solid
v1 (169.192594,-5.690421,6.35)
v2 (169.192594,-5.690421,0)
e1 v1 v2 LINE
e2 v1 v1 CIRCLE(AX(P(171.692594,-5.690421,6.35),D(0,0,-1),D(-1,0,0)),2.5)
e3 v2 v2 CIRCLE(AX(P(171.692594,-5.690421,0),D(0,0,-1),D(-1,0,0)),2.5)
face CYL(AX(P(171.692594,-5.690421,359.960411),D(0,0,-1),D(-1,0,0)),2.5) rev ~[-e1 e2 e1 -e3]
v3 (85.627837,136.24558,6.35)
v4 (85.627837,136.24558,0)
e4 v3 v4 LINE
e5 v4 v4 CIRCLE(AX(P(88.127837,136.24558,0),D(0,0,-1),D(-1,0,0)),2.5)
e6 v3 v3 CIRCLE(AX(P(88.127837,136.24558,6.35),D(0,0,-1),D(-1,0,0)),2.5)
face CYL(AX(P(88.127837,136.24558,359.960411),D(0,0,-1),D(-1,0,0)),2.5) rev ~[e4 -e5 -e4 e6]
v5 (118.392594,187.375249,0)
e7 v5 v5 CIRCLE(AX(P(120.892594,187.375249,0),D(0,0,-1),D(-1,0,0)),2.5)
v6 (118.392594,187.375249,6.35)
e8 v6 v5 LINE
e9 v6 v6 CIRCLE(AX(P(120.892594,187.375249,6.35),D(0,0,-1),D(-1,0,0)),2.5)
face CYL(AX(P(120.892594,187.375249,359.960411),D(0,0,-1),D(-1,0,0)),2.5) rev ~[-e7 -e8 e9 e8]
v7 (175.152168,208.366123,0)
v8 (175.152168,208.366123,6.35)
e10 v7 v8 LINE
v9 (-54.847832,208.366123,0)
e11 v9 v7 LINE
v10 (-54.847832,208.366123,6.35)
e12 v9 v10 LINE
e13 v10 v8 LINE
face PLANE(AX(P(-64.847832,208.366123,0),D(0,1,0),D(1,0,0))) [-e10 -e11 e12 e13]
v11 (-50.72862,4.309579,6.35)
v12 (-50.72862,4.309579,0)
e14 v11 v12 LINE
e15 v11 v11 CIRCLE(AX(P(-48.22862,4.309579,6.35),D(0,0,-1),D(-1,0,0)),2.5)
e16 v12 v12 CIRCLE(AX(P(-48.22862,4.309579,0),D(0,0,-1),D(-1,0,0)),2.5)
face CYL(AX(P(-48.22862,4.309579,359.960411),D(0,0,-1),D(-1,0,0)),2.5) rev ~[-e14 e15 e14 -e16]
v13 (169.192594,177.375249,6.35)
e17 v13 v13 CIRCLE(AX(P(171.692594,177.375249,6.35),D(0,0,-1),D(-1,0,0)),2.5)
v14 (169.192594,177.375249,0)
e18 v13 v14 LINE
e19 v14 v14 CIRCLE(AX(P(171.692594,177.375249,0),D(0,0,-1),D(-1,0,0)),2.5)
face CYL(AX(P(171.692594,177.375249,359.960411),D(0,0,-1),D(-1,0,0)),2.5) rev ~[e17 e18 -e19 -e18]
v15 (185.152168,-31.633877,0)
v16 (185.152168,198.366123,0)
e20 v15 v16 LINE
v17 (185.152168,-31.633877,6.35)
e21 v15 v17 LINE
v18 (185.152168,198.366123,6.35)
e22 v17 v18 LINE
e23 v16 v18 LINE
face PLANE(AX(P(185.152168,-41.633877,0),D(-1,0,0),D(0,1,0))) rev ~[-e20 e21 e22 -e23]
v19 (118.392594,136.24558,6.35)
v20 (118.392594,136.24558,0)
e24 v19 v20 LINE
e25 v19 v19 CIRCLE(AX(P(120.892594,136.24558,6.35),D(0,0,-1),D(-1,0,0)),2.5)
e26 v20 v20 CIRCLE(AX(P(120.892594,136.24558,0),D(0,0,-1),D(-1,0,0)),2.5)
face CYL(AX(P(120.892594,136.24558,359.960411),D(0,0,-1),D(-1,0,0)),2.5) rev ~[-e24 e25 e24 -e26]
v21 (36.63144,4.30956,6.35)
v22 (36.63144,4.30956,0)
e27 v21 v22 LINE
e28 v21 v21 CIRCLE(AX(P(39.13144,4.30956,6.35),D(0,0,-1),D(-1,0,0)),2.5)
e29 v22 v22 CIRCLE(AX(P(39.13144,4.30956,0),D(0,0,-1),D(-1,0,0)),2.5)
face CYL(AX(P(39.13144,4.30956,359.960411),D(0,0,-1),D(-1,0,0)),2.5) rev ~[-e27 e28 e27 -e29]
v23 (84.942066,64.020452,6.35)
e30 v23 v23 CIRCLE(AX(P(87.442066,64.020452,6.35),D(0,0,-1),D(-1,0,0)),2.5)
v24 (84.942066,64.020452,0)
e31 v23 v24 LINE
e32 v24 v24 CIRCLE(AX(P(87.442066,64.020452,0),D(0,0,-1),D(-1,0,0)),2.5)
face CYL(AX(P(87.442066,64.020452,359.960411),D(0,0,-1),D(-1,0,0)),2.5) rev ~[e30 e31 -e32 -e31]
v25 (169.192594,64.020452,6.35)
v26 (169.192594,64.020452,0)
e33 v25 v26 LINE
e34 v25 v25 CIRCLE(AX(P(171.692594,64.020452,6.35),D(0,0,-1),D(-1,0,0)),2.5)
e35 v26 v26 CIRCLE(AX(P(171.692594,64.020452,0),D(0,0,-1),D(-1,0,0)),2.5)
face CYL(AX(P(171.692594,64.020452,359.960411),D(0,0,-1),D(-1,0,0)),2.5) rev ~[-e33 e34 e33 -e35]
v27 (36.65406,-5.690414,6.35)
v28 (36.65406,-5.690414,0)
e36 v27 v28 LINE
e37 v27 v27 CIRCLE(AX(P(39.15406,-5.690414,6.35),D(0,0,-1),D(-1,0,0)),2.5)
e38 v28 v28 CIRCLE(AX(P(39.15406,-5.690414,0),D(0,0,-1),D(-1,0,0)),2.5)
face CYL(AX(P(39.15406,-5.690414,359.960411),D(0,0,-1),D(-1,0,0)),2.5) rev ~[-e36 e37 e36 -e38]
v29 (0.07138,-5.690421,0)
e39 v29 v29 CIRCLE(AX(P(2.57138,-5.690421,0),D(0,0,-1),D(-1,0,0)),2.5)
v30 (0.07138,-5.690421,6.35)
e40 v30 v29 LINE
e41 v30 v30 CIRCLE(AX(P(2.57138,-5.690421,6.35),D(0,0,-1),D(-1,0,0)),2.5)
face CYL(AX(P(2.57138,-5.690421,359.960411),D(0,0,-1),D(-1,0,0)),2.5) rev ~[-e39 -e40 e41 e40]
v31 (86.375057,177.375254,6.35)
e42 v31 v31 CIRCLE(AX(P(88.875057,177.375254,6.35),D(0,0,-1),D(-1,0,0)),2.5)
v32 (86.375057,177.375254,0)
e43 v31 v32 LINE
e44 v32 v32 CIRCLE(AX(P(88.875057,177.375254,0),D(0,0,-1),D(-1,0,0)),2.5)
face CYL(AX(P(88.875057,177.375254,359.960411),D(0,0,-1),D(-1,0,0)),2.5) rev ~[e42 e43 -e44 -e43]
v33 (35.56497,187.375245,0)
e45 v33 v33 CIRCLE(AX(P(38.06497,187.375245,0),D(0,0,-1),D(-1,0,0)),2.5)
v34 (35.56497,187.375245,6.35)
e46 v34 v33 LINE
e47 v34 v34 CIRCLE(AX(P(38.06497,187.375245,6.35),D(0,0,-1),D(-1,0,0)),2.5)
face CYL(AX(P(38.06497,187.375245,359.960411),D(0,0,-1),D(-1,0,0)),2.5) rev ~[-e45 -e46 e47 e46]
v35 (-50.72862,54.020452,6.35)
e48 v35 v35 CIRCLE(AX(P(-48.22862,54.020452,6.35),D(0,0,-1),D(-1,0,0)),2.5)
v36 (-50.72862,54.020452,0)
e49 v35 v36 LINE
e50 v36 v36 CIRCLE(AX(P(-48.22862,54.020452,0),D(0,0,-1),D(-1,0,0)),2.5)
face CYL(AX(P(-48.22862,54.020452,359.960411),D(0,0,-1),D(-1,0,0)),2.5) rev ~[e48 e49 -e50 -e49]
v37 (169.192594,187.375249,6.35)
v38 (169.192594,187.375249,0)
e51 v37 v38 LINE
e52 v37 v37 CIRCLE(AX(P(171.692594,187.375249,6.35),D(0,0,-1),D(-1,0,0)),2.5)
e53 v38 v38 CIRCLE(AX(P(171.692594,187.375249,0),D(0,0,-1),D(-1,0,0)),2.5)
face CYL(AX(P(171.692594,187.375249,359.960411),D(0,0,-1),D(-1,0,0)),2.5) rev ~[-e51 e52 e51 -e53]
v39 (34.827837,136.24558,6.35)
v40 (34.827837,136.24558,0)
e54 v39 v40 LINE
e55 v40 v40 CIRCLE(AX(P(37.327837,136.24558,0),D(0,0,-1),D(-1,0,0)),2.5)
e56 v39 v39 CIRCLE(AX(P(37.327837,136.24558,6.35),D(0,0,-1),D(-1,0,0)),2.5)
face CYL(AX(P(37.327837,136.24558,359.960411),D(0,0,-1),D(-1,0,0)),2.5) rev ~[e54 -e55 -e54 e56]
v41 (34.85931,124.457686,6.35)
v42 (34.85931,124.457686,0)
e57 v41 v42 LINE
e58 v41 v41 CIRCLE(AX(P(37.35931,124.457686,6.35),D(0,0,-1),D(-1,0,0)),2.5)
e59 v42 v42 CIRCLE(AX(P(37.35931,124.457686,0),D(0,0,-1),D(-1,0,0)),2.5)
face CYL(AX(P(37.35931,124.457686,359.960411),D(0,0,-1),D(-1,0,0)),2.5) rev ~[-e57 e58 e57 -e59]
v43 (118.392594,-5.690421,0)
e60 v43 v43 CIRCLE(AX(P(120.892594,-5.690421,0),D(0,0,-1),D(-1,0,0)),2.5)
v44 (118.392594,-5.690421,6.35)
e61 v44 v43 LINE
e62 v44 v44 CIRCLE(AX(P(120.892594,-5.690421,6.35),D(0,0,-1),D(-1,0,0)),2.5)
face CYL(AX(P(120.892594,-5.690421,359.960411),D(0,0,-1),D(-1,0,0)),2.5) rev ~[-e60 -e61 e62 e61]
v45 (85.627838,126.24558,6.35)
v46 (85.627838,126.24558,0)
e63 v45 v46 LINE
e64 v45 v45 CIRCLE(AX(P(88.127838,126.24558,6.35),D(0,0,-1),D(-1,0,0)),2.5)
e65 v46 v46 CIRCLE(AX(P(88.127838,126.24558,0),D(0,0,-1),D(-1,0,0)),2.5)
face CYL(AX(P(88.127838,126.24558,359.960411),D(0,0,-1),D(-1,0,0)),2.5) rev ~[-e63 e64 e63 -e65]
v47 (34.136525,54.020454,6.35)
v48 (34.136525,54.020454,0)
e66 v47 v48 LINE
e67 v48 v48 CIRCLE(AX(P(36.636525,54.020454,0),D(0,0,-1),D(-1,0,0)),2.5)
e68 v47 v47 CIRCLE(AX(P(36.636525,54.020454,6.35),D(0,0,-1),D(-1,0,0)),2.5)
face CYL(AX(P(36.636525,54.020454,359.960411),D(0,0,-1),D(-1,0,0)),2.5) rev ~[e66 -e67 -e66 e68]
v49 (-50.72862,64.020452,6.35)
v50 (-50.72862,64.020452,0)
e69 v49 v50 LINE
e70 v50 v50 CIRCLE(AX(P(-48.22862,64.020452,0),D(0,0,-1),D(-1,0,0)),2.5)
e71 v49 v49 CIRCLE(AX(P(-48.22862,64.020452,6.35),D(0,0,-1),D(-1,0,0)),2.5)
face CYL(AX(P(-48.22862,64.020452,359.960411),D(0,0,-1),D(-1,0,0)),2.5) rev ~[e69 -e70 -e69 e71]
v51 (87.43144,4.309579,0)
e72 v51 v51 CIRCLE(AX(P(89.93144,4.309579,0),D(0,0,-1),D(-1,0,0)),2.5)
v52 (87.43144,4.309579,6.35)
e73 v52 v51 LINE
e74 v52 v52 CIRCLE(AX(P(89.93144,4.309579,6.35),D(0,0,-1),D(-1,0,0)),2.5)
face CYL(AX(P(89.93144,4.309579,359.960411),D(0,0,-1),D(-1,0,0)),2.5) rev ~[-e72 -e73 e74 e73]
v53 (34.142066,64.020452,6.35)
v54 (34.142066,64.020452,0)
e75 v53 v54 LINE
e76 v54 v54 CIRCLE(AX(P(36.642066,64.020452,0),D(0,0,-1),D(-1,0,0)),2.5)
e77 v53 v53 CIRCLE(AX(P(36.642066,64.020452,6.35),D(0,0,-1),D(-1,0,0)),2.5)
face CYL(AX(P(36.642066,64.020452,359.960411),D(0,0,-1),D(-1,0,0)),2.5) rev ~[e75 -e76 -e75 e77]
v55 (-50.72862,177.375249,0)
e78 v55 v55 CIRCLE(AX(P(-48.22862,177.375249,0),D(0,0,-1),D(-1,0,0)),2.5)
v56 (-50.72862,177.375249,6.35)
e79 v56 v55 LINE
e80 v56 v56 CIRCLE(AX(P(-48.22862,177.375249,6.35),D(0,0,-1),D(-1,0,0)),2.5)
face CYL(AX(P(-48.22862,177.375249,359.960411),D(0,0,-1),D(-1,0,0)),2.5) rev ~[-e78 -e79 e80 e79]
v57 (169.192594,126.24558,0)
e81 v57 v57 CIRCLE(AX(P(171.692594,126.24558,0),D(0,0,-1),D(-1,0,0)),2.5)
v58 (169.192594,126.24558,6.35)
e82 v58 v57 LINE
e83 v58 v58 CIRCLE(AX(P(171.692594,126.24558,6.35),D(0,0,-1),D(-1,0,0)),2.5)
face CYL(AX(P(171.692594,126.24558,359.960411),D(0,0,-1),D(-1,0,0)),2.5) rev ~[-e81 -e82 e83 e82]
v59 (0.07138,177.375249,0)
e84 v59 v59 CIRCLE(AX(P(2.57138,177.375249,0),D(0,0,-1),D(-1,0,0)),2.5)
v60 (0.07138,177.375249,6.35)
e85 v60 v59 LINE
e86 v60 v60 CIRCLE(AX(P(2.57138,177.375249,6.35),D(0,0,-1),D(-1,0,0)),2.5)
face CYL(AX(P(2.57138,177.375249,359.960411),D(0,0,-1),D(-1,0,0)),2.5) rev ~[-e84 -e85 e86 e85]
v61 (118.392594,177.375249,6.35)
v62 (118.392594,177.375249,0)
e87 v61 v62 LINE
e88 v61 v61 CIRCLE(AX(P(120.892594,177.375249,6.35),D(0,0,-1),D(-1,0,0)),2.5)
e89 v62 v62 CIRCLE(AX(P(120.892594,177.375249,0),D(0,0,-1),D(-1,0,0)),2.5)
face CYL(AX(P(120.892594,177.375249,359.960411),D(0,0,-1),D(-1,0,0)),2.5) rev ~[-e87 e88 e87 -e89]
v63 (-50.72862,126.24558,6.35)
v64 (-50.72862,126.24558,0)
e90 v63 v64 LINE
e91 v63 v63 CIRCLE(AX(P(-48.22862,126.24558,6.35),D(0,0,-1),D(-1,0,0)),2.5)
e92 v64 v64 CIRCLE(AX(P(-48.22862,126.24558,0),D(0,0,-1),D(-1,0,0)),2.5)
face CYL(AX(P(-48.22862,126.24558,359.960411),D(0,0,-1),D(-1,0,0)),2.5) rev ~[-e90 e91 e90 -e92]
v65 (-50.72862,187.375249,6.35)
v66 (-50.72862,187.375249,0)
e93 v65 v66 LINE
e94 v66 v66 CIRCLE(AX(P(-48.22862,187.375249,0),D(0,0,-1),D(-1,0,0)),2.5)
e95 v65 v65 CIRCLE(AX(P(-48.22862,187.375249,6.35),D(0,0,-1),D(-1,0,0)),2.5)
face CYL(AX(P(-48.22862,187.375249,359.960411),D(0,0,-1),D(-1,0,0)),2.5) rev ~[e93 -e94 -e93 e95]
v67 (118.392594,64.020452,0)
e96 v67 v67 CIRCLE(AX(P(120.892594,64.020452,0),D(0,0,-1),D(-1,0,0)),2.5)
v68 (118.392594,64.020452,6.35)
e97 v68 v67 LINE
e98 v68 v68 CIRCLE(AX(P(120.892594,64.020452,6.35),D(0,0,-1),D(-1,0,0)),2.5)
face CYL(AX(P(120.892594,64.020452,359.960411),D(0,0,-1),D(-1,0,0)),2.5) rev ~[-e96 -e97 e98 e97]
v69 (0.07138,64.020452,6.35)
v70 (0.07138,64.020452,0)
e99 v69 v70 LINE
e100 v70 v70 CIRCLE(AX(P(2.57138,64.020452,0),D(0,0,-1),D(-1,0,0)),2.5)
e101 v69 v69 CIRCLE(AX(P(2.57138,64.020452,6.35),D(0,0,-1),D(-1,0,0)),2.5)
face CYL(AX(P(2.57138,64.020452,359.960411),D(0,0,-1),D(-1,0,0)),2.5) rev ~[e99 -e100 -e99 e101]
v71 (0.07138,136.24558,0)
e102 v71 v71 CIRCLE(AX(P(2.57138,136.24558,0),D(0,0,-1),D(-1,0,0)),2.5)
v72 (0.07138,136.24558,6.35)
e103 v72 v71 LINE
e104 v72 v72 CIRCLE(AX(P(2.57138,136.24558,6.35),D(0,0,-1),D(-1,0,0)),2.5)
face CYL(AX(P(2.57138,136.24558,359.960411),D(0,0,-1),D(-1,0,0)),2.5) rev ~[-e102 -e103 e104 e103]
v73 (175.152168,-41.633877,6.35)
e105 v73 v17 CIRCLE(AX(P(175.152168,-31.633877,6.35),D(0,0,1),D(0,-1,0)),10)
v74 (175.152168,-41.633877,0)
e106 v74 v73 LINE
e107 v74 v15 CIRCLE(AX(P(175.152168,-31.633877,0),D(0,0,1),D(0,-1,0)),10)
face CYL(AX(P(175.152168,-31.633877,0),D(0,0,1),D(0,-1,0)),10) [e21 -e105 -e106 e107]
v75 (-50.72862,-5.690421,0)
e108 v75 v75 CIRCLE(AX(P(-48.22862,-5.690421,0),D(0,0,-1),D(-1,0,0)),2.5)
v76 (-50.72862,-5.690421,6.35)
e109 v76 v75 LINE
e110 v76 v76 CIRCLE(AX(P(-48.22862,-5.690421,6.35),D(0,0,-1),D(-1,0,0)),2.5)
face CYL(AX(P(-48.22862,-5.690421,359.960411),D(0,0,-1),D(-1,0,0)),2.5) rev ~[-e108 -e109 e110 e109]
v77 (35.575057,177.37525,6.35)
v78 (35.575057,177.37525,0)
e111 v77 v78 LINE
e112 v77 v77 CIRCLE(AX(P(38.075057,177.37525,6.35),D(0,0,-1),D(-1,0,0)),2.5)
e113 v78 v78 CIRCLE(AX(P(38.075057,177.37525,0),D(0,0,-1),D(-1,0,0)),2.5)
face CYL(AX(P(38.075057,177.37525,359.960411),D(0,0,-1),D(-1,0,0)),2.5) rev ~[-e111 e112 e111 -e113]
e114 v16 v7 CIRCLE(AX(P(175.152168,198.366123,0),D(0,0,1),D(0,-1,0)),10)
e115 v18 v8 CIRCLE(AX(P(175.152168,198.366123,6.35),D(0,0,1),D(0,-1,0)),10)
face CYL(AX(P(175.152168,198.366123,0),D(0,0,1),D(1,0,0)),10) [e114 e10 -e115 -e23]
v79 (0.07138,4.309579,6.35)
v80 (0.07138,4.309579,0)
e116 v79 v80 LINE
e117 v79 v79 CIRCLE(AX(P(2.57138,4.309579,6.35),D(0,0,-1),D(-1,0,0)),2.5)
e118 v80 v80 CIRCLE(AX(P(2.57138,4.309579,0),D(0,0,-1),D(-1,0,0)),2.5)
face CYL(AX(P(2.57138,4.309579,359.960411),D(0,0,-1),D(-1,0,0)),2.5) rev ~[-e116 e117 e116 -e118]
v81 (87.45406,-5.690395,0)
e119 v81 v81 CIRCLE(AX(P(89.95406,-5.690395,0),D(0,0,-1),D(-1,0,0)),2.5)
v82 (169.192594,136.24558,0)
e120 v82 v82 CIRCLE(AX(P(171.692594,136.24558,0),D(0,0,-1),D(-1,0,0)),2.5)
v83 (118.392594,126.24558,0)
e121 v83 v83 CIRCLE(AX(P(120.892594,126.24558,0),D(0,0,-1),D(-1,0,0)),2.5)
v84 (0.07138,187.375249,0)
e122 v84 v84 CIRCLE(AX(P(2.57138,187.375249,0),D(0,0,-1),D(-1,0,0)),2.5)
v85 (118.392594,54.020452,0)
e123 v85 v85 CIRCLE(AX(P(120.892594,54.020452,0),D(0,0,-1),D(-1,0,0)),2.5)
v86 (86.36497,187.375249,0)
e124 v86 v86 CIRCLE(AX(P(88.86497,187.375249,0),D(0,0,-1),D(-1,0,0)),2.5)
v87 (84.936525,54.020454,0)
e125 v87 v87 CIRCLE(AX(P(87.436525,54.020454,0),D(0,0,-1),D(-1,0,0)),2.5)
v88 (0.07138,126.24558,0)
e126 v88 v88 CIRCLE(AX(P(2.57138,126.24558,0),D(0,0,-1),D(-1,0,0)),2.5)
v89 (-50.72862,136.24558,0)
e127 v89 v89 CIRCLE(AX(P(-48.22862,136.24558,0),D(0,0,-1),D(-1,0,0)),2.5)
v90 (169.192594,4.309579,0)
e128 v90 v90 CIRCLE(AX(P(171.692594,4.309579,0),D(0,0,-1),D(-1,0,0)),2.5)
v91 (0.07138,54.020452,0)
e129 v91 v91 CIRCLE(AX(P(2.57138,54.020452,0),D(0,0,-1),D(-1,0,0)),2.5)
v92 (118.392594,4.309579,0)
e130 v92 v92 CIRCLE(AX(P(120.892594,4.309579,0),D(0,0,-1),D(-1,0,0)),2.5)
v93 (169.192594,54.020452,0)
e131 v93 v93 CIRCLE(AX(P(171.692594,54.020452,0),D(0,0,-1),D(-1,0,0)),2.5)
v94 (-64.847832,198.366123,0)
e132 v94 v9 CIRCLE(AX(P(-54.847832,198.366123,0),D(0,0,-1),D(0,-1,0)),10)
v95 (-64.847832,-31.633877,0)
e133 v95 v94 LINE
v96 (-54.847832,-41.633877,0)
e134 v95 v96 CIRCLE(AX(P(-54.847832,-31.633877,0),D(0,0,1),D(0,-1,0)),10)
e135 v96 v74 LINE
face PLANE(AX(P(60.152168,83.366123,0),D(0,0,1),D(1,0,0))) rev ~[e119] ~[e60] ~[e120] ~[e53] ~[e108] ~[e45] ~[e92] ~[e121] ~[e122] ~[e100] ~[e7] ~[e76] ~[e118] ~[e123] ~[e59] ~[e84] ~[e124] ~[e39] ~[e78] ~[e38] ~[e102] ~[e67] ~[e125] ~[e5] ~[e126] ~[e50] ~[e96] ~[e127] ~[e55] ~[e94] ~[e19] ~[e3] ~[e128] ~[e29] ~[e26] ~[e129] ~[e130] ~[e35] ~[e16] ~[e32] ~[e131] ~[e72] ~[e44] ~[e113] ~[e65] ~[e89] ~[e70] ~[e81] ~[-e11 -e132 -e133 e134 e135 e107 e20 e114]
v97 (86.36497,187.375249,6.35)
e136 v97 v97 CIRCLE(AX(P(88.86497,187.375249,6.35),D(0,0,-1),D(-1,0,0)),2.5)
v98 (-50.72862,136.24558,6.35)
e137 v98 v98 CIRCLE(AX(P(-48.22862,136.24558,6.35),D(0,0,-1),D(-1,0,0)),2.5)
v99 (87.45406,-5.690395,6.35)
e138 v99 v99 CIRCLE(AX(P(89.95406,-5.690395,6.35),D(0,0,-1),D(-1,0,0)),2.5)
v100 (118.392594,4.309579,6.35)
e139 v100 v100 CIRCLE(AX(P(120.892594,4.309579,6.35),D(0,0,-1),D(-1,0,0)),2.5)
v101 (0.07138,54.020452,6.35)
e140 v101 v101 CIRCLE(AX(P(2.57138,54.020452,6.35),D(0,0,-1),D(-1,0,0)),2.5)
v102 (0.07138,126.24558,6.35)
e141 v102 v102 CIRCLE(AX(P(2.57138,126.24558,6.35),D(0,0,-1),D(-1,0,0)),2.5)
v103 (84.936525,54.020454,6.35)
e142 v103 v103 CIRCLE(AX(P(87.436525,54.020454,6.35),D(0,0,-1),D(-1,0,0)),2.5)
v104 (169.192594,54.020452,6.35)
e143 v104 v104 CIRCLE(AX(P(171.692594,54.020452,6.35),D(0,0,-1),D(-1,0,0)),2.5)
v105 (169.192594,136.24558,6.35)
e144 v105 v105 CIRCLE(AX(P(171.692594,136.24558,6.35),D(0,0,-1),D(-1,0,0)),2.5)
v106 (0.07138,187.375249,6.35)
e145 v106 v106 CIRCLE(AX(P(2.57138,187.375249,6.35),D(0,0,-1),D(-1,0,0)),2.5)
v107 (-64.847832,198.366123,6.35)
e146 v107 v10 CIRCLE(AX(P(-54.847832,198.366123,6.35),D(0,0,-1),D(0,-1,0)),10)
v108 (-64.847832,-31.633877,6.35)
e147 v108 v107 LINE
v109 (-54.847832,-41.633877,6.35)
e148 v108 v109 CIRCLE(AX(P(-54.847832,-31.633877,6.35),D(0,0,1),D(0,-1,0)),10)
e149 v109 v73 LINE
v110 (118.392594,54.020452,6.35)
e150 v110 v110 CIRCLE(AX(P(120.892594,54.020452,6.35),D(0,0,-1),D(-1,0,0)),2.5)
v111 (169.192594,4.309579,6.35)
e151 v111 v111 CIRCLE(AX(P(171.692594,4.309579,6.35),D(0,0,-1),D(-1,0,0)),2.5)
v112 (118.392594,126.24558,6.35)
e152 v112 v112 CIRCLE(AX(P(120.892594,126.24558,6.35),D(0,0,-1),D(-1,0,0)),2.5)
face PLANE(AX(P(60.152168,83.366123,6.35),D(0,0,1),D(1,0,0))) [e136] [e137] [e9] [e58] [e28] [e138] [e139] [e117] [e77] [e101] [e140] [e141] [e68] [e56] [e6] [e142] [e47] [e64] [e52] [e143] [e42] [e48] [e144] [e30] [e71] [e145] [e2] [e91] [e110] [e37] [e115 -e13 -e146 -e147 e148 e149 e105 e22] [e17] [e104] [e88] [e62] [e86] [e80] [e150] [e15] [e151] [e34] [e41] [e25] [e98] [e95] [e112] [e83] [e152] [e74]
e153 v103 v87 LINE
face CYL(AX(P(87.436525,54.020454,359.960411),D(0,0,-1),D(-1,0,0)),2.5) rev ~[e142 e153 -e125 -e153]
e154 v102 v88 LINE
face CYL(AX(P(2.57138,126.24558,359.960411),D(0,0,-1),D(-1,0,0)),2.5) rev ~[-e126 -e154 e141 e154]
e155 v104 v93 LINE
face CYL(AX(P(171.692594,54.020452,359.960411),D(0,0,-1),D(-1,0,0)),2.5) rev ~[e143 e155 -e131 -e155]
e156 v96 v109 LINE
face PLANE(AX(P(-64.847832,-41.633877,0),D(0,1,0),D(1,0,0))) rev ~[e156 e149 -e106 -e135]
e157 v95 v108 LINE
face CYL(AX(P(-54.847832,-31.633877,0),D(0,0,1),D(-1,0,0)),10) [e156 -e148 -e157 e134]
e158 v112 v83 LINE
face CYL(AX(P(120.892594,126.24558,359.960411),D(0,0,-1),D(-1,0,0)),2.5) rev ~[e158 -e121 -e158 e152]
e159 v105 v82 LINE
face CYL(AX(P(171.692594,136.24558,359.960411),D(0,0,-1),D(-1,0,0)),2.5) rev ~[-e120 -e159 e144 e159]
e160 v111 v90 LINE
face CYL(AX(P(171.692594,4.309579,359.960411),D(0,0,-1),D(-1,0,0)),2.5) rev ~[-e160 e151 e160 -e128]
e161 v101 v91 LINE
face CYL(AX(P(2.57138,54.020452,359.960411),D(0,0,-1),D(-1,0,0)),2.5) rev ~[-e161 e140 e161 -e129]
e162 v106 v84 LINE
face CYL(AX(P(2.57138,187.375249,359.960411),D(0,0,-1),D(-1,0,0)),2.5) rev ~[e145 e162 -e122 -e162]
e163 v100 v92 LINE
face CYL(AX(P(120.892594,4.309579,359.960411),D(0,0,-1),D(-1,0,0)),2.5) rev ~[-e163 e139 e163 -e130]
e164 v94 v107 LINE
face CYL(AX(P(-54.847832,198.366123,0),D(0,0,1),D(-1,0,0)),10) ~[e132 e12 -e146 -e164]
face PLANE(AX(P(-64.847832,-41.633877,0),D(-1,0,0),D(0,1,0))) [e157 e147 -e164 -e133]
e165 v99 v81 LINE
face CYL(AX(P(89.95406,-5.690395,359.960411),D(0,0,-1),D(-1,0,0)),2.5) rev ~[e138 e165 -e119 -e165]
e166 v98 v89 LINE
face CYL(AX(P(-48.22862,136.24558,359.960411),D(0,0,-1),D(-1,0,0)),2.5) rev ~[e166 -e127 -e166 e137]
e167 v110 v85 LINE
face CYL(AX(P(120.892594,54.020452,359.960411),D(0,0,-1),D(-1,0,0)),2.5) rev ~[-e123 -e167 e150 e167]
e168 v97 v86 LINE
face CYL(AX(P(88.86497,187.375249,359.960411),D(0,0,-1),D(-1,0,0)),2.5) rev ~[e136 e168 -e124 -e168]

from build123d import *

# Parameters (mm, degrees)
SKETCH1_W                   = 250
SKETCH1_H                   = 250
BOSS_EXTRUDE1_DEPTH         = 6.35
FILLET1_R                   = 10
TAP_DRILL_FOR_M6X1_0_TAP1_D = 5
TAP_DRILL_FOR_M6X1_0_TAP2_D = 5
TAP_DRILL_FOR_M6X1_0_TAP3_D = 5


with BuildPart() as part:
    # Sketch1 → Boss-Extrude1 (new body)
    with BuildSketch(Plane(origin=(-15.018309821, 0, 0), x_dir=(1, 0, 0), z_dir=(0, 0, 1))):
        with Locations((75.170478225, 83.366123253)):
            Rectangle(SKETCH1_W, SKETCH1_H)
    extrude(amount=BOSS_EXTRUDE1_DEPTH)

    # Fillet1
    fillet1_edges = [part.edges().sort_by_distance(p)[0] for p in [
        (-64.847831597, 208.366123253, 3.175),
        (185.152168403, 208.366123253, 3.175),
        (185.152168403, -41.633876747, 3.175),
        (-64.847831597, -41.633876747, 3.175),
    ]]
    fillet(fillet1_edges, radius=FILLET1_R)

    # Tap Drill for M6x1.0 Tap1 (through all)
    with Locations(Plane.XY.offset(6.35)):
        with Locations((37.327836752, 136.24557957), (88.127836752, 136.24557957), (37.3593105, 124.457685542), (88.127838497, 126.24557957)):
            Hole(TAP_DRILL_FOR_M6X1_0_TAP1_D / 2)

    # Tap Drill for M6x1.0 Tap2 (through all)
    with Locations(Plane.XY.offset(6.35)):
        with Locations((120.892593903, 187.375248984), (171.692593903, 187.375248984), (171.692593906, 177.375248984), (120.892593906, 177.375248984), (-48.228620318, 187.375248984), (2.571379682, 187.375248984), (2.571379686, 177.375248984), (-48.228620318, 177.375248984), (-48.228620318, 64.020452142), (-48.228620318, 54.020452142), (2.571379682, 64.020452142), (2.571379682, 54.020452142), (2.571379682, 4.309579467), (2.571379682, -5.690420533), (-48.228620318, 4.309579467), (-48.228620318, -5.690420533), (120.892593903, 64.020452142), (171.692593903, 64.020452142), (171.692593903, 54.020452142), (120.892593903, 54.020452142), (120.892593903, 4.309579467), (171.692593903, 4.309579467), (171.692593903, -5.690420533), (120.892593903, -5.690420533), (-48.228620318, 136.245579568), (-48.228620318, 126.245579568), (2.571379686, 136.245579568), (2.571379686, 126.245579568), (120.892593906, 136.245579568), (120.892593906, 126.245579568), (171.692593906, 136.245579568), (171.692593906, 126.245579568)):
            Hole(TAP_DRILL_FOR_M6X1_0_TAP2_D / 2)

    # Tap Drill for M6x1.0 Tap3 (through all)
    with Locations(Plane.XY.offset(6.35)):
        with Locations((38.064970254, 187.375245165), (88.864970254, 187.37524898), (88.875056728, 177.375254067), (38.075056728, 177.375250252), (36.642065603, 64.020452168), (87.442065603, 64.02045214), (87.436525124, 54.020453675), (36.636525124, 54.020453703), (39.131440217, 4.309560284), (89.931440217, 4.30957947), (89.954059606, -5.690394948), (39.154059606, -5.690414135)):
            Hole(TAP_DRILL_FOR_M6X1_0_TAP3_D / 2)


solid = part.part
